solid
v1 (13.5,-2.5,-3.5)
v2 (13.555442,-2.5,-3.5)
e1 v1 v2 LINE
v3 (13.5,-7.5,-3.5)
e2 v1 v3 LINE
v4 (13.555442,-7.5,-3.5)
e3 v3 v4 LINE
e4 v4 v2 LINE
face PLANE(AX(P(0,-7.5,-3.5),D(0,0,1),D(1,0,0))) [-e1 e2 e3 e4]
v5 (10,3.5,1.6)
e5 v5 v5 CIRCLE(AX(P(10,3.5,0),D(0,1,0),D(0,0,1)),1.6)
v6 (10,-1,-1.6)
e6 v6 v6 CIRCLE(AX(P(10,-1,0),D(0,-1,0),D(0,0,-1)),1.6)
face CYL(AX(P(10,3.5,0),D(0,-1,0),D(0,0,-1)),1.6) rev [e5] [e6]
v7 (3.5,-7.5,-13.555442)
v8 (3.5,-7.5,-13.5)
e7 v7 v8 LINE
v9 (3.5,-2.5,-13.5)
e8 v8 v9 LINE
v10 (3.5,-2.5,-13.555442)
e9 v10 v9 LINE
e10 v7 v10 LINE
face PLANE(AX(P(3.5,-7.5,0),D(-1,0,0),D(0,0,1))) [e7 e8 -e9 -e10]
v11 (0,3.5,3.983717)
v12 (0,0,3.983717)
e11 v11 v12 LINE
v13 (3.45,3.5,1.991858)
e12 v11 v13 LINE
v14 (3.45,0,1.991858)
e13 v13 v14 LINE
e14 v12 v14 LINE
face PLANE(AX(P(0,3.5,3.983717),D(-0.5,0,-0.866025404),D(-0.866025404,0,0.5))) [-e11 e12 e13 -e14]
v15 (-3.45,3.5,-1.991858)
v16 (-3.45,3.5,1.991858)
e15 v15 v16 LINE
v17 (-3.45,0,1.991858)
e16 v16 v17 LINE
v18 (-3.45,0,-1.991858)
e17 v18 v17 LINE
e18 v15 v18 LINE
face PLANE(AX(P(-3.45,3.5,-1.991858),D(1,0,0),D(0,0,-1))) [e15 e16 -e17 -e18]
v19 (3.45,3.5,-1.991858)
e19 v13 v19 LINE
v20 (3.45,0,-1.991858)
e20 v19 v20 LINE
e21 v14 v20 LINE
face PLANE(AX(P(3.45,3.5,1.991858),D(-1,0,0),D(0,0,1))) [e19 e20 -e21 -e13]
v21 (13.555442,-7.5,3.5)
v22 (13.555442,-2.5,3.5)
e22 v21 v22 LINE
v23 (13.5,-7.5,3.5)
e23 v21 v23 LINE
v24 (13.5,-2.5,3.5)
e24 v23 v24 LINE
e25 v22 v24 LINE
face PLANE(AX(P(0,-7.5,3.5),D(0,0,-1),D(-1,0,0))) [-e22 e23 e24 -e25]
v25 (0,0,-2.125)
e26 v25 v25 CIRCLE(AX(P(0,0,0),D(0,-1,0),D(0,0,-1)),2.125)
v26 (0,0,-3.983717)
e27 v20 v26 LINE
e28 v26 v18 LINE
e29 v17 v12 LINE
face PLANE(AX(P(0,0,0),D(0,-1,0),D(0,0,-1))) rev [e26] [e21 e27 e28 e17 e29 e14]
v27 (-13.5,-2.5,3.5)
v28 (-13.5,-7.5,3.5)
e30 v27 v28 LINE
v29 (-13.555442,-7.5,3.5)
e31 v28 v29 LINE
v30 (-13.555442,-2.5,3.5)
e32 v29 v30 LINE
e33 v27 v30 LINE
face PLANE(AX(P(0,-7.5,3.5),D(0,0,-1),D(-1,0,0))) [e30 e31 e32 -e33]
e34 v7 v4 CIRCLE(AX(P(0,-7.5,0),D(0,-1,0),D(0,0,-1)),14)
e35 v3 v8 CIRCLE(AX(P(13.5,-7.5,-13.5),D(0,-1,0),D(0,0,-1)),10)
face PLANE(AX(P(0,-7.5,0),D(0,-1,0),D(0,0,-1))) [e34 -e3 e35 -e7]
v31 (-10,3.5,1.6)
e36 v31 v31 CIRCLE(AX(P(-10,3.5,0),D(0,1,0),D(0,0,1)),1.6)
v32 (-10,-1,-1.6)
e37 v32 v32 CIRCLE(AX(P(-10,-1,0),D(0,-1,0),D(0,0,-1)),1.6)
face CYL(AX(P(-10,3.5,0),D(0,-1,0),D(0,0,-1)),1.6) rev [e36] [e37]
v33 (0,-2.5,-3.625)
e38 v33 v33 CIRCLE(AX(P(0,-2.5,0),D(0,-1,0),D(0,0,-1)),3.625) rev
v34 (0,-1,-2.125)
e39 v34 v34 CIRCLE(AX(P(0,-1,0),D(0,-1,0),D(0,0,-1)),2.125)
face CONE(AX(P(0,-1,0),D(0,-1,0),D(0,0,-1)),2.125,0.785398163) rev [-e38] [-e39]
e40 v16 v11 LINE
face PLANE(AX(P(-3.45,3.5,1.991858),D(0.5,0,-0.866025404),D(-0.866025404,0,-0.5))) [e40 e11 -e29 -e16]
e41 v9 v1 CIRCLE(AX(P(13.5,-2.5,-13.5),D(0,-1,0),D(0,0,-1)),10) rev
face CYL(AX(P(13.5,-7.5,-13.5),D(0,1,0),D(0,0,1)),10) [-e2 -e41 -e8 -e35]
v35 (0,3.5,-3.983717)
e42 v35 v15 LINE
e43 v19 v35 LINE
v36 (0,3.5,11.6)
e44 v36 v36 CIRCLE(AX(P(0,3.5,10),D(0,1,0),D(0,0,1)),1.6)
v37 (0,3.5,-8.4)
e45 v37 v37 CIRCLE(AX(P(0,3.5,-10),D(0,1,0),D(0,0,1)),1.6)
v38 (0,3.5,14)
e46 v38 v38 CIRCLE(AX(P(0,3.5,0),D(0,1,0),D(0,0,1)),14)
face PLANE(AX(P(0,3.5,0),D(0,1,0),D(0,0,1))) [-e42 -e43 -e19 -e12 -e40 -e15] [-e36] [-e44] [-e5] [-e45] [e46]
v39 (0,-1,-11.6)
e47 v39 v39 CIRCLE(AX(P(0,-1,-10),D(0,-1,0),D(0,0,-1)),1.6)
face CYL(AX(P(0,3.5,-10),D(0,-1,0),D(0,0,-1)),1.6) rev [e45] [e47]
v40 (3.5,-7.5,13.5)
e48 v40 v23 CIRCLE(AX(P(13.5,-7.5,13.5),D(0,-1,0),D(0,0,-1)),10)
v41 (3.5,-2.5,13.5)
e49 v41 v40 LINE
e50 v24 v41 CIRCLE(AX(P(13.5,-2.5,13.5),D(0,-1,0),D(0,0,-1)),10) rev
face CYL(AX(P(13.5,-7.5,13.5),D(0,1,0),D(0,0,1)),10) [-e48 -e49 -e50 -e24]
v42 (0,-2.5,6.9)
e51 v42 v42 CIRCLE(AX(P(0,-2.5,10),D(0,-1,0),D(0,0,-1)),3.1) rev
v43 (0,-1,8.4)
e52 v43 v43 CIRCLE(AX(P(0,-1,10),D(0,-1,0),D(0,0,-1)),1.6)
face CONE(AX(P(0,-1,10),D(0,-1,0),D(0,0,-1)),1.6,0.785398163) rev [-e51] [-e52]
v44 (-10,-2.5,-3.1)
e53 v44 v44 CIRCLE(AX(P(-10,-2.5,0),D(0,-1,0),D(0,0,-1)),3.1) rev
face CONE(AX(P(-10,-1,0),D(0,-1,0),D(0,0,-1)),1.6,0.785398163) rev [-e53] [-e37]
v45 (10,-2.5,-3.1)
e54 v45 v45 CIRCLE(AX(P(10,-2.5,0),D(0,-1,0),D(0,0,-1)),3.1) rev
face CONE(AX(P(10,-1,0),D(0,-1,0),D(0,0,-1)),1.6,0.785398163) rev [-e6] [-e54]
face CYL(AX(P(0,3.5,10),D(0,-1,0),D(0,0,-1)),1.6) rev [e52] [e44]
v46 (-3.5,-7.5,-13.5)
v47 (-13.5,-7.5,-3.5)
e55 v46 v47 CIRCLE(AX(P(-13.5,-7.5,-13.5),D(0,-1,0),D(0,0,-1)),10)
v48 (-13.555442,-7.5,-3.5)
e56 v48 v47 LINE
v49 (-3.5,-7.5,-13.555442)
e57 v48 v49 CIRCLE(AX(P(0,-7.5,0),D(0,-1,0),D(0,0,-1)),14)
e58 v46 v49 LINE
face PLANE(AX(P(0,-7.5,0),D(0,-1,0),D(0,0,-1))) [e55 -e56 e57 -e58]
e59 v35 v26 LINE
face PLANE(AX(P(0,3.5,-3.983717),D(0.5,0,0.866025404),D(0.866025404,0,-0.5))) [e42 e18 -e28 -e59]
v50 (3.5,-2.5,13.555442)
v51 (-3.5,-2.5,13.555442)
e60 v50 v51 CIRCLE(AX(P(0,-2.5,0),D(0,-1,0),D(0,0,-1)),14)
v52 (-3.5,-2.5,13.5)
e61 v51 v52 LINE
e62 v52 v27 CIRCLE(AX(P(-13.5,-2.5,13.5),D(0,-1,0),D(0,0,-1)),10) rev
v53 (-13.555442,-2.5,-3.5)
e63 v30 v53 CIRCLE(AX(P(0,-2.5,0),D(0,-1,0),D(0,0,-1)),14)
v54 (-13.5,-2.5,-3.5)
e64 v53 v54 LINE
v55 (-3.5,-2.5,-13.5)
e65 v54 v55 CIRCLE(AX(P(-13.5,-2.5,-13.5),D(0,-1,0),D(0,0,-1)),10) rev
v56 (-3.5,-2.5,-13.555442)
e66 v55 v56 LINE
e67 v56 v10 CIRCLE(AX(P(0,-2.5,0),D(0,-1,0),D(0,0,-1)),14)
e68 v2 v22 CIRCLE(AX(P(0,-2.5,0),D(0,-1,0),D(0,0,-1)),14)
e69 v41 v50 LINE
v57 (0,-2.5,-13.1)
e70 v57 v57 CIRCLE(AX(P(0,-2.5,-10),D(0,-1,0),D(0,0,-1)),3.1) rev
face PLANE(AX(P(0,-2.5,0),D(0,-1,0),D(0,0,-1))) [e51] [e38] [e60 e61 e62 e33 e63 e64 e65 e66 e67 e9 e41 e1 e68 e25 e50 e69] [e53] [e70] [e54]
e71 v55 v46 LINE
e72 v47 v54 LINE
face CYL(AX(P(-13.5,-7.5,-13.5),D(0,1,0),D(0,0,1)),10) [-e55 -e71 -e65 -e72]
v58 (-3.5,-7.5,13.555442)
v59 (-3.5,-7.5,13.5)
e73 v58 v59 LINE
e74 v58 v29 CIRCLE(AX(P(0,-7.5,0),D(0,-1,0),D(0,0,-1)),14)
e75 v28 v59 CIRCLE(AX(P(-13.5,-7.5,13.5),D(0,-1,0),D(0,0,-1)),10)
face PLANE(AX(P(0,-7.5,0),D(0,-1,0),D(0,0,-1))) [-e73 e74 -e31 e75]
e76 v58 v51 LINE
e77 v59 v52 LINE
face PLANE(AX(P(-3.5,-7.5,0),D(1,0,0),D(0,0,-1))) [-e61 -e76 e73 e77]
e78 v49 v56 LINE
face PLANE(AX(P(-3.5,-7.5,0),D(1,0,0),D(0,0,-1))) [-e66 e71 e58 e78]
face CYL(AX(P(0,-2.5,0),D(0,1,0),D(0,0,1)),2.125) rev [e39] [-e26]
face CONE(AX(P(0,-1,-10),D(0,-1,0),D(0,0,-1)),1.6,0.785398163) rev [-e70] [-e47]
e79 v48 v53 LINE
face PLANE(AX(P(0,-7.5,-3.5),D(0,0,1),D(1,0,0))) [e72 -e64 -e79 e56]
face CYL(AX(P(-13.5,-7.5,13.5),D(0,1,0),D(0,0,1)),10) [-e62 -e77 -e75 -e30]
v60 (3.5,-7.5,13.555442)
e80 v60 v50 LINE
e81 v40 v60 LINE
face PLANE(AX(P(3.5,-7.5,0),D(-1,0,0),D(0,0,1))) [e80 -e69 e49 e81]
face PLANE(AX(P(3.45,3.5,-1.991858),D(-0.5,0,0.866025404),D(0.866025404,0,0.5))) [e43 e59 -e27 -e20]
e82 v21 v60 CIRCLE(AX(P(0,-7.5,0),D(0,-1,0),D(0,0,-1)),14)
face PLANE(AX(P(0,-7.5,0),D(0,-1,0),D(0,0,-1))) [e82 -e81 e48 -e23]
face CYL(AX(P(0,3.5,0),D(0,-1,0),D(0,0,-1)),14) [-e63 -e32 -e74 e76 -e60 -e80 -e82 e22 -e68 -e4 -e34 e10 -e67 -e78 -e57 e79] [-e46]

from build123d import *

# Parameters (mm, degrees)
SKETCH1_R           = 14
SKETCH1_R_2         = 1.6
BOSS_EXTRUDE1_DEPTH = 3.5
BOSS_EXTRUDE2_START = 2.5
SKETCH2_R           = 14
SKETCH2_R_2         = 2.125
SKETCH2_R_3         = 1.6
BOSS_EXTRUDE2_DEPTH = 2.5
CHAMFER1_SIZE       = 1.5
BOSS_EXTRUDE3_START = 5
BOSS_EXTRUDE3_DEPTH = 5
FILLET1_R           = 10


with BuildPart() as part:
    # Sketch1 → Boss-Extrude1 (new body)
    with BuildSketch(Plane(origin=(0, 0, 0), x_dir=(1, 0, 0), z_dir=(0, 1, 0))):
        with Locations(Location((0, 0, 0), (0, 0, 270))):
            Circle(SKETCH1_R)
        with Locations(Location((0, 10, 0), (0, 0, 270))):
            Circle(SKETCH1_R_2, mode=Mode.SUBTRACT)
        with Locations(Location((10, 0, 0), (0, 0, 270))):
            Circle(SKETCH1_R_2, mode=Mode.SUBTRACT)
        with Locations(Location((0, -10, 0), (0, 0, 270))):
            Circle(SKETCH1_R_2, mode=Mode.SUBTRACT)
        with Locations(Location((-10, 0, 0), (0, 0, 270))):
            Circle(SKETCH1_R_2, mode=Mode.SUBTRACT)
        Polygon((0, 3.983716857), (-3.45, 1.991858429), (-3.45, -1.991858429), (0, -3.983716857), (3.45, -1.991858429), (3.45, 1.991858429), align=None, mode=Mode.SUBTRACT)
    extrude(amount=BOSS_EXTRUDE1_DEPTH)

    # Sketch2 → Boss-Extrude2 (add)
    with BuildSketch(Plane.XZ.offset(BOSS_EXTRUDE2_START)):
        with Locations(Location((0, 0, 0), (0, 0, 270))):
            Circle(SKETCH2_R)
        with Locations(Location((0, 0, 0), (0, 0, 270))):
            Circle(SKETCH2_R_2, mode=Mode.SUBTRACT)
        with Locations(Location((10, 0, 0), (0, 0, 270))):
            Circle(SKETCH2_R_3, mode=Mode.SUBTRACT)
        with Locations(Location((0, -10, 0), (0, 0, 270))):
            Circle(SKETCH2_R_3, mode=Mode.SUBTRACT)
        with Locations(Location((-10, 0, 0), (0, 0, 270))):
            Circle(SKETCH2_R_3, mode=Mode.SUBTRACT)
        with Locations(Location((0, 10, 0), (0, 0, 270))):
            Circle(SKETCH2_R_3, mode=Mode.SUBTRACT)
    extrude(amount=-BOSS_EXTRUDE2_DEPTH)

    # Chamfer1
    chamfer1_edges = [part.edges().sort_by_distance(p)[0] for p in [
        (0, -2.5, 2.125),
        (10, -2.5, 1.6),
        (0, -2.5, -8.4),
        (-10, -2.5, 1.6),
        (0, -2.5, 11.6),
    ]]
    chamfer(chamfer1_edges, length=CHAMFER1_SIZE)

    # Sketch3 → Boss-Extrude3 (add)
    with BuildSketch(Plane.XZ.offset(2.5).offset(BOSS_EXTRUDE3_START)):
        with BuildLine():
            ThreePointArc((-3.5, 13.555441712), (-9.899494937, 9.899494937), (-13.555441712, 3.5))
            Line((-13.555441712, 3.5), (-4, 3.5))
            Line((-4, 3.5), (-3.5, 3.5))
            Line((-3.5, 3.5), (-3.5, 4))
            Line((-3.5, 4), (-3.5, 13.555441712))
        make_face()
        with BuildLine():
            Line((4, 3.5), (13.555441712, 3.5))
            ThreePointArc((13.555441712, 3.5), (9.899494937, 9.899494937), (3.5, 13.555441712))
            Line((3.5, 13.555441712), (3.5, 4))
            Line((3.5, 4), (3.5, 3.5))
            Line((3.5, 3.5), (4, 3.5))
        make_face()
        with BuildLine():
            Line((13.555441712, -3.5), (4, -3.5))
            Line((4, -3.5), (3.5, -3.5))
            Line((3.5, -3.5), (3.5, -4))
            Line((3.5, -4), (3.5, -13.555441712))
            ThreePointArc((3.5, -13.555441712), (9.899494937, -9.899494937), (13.555441712, -3.5))
        make_face()
        with BuildLine():
            ThreePointArc((-13.555441712, -3.5), (-9.899494937, -9.899494937), (-3.5, -13.555441712))
            Line((-3.5, -13.555441712), (-3.5, -4))
            Line((-3.5, -4), (-3.5, -3.5))
            Line((-3.5, -3.5), (-4, -3.5))
            Line((-4, -3.5), (-13.555441712, -3.5))
        make_face()
    extrude(amount=-BOSS_EXTRUDE3_DEPTH)

    # Fillet1
    fillet1_edges = [part.edges().sort_by_distance(p)[0] for p in [
        (-3.5, -5, 3.5),
        (-3.5, -5, -3.5),
        (3.5, -5, -3.5),
        (3.5, -5, 3.5),
    ]]
    fillet(fillet1_edges, radius=FILLET1_R)


solid = part.part
